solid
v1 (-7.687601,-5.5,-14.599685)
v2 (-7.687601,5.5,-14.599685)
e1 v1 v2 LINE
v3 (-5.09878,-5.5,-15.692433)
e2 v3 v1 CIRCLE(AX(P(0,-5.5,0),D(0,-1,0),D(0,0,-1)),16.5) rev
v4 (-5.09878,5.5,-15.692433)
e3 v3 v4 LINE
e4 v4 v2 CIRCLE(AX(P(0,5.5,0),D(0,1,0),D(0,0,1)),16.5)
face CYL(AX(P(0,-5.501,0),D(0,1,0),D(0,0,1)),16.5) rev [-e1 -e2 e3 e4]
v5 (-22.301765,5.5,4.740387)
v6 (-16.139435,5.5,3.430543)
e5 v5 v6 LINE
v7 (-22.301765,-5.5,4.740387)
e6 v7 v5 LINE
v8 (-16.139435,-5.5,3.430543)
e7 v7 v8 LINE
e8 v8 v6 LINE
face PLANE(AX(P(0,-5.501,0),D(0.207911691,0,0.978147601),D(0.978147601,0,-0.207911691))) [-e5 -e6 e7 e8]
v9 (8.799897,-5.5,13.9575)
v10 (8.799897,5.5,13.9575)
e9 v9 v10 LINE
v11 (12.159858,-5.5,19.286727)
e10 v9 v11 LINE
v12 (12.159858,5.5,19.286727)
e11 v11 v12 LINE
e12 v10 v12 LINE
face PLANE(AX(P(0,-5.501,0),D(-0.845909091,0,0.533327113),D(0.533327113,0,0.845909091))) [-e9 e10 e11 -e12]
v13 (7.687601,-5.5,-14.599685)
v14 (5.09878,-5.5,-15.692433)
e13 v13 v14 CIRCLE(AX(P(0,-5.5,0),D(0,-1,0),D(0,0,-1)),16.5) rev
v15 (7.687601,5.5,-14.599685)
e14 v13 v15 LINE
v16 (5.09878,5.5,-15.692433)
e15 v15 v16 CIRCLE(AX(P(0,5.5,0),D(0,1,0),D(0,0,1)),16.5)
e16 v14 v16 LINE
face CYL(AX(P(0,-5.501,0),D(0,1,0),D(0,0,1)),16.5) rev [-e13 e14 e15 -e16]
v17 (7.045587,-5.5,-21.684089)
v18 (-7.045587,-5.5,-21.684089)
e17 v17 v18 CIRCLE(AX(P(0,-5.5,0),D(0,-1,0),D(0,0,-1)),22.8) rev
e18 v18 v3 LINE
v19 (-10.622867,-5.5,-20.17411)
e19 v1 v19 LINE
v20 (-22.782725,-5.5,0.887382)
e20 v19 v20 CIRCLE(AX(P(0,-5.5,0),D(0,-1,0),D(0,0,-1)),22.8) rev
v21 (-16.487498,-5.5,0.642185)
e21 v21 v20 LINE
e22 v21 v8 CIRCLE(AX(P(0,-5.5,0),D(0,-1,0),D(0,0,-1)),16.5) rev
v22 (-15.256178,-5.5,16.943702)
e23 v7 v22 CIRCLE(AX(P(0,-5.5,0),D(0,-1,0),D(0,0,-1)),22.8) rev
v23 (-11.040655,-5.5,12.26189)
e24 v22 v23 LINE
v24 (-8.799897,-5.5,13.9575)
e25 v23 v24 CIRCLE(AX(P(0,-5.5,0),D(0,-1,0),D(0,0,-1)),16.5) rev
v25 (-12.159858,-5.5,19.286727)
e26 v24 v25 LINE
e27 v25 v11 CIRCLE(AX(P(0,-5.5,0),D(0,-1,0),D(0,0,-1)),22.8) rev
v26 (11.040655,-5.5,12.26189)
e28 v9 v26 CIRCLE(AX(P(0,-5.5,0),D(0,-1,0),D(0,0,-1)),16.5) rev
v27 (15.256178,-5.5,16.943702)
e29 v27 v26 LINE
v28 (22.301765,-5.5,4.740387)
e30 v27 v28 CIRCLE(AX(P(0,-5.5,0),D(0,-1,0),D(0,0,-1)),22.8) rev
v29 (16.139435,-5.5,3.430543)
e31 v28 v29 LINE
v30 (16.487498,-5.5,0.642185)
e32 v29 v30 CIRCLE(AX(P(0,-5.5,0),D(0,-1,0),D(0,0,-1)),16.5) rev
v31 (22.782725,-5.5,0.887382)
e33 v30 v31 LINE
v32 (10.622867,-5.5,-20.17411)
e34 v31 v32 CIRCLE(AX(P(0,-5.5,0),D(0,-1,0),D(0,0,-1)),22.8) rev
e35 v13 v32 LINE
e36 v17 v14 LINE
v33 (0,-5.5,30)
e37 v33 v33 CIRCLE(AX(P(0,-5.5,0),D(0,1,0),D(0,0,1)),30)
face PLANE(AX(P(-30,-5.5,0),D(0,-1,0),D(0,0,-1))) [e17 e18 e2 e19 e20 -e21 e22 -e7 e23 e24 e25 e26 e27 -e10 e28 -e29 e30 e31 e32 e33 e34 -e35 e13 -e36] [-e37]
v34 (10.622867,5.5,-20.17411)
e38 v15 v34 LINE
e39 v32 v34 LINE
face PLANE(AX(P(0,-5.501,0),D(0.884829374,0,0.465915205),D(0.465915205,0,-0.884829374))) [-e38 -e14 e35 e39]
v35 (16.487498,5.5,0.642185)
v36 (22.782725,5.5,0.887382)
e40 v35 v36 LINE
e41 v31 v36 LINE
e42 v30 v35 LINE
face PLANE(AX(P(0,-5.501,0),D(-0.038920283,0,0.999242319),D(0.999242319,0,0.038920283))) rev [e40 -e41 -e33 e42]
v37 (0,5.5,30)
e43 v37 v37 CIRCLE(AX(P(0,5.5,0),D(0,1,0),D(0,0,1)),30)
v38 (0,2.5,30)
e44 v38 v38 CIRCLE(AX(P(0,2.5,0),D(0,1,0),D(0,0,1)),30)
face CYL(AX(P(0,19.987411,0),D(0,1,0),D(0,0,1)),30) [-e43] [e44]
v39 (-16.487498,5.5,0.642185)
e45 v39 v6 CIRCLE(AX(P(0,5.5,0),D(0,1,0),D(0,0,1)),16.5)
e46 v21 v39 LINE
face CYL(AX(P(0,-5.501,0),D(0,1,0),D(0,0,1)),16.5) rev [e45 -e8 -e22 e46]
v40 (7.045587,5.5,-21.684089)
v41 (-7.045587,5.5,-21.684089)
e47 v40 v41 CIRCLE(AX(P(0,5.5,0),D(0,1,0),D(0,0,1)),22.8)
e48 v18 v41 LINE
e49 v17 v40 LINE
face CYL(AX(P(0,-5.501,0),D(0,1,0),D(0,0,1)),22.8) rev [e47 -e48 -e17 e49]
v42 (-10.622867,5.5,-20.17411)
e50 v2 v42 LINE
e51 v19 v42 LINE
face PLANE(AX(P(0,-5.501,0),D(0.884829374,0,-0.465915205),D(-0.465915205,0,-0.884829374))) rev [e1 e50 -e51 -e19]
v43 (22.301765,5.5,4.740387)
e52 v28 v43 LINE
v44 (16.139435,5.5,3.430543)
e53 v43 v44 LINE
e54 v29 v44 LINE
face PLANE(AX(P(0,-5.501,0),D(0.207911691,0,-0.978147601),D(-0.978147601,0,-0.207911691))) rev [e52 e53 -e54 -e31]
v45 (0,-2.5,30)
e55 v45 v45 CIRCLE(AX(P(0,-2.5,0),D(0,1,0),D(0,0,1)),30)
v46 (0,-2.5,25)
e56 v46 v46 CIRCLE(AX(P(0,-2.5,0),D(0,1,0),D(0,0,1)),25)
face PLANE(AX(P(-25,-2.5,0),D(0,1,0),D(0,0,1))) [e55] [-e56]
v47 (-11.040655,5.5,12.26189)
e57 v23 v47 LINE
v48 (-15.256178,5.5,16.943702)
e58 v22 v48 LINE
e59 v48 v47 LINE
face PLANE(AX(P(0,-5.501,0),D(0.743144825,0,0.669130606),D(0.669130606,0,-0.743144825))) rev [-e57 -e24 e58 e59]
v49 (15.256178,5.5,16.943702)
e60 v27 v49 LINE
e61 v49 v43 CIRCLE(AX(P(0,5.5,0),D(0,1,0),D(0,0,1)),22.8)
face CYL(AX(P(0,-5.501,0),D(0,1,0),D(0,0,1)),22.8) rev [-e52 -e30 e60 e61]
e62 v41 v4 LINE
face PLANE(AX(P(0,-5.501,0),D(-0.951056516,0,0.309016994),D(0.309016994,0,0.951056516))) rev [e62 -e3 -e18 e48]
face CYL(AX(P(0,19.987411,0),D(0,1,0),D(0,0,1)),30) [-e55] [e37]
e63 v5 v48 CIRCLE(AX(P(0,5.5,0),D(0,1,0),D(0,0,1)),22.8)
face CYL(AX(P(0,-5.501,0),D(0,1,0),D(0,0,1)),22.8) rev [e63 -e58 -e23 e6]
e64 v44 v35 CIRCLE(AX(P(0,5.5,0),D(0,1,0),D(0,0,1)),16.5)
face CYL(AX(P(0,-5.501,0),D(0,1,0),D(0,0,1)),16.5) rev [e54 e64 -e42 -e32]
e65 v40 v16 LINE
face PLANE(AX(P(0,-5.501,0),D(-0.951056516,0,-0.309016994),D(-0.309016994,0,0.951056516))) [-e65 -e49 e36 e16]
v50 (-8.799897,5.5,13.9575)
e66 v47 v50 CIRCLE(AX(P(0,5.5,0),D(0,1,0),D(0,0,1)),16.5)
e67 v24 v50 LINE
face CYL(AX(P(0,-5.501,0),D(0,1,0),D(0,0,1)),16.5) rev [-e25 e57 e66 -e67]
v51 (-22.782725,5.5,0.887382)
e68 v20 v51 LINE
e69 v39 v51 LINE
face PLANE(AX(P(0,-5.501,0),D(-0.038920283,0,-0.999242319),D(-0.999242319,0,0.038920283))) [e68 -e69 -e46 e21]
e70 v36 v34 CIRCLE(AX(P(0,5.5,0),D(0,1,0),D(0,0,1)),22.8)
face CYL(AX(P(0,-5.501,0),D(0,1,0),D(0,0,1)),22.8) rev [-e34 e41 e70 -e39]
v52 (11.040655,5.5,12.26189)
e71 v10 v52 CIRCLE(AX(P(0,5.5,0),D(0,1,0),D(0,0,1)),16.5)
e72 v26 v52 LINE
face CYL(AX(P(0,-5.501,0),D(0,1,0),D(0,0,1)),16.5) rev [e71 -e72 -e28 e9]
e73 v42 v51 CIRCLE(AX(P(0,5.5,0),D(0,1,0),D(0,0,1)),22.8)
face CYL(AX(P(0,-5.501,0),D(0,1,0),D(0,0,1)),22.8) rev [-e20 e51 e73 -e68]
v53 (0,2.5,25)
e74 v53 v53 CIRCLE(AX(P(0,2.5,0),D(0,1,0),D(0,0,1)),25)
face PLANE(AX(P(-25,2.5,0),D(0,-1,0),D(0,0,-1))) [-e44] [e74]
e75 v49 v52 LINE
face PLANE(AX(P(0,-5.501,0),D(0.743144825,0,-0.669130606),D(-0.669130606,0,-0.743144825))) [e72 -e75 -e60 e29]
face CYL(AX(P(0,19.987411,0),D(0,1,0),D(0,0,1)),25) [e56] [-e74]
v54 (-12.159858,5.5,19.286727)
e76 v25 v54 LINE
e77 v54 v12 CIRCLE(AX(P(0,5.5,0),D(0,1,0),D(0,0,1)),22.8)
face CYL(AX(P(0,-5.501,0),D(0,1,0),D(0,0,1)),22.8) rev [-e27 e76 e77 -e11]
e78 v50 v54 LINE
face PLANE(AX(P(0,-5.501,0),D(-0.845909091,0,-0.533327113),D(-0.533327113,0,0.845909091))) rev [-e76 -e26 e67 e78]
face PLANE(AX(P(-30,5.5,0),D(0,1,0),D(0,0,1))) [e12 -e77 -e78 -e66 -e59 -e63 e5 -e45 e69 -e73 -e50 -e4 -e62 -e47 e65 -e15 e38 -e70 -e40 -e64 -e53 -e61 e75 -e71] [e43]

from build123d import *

# Parameters (mm, degrees)
CUT_EXTRUDE1_REACH = 13


with BuildPart() as part:
    # Sketch2 → Revolve1 (revolve)
    with BuildSketch(Plane.XY):
        Polygon((-25, 2.5), (-25, -2.5), (-30, -2.5), (-30, -5.5), (0, -5.5), (0, 5.5), (-30, 5.5), (-30, 2.5), align=None)
    revolve(axis=Axis((0, 19.987411147, 0), (0, -1, 0)))

    # Sketch3 → Cut-Extrude1 (cut, up to next)
    with BuildSketch(Plane(origin=(0, 5.5, 0), x_dir=(1, 0, 0), z_dir=(0, 1, 0)), mode=Mode.PRIVATE) as cut_extrude1_sk1:
        with BuildLine():
            ThreePointArc((15.256177825, -16.943702021), (19.745379206, -11.4), (22.301765297, -4.740386551))
            Line((22.301765297, -4.740386551), (16.139435412, -3.430542898))
            ThreePointArc((16.139435412, -3.430542898), (16.372933017, -2.043786781), (16.487498259, -0.642184674))
            Line((16.487498259, -0.642184674), (22.782724867, -0.887382459))
            ThreePointArc((22.782724867, -0.887382459), (19.745379206, 11.4), (10.622866681, 20.174109732))
            Line((10.622866681, 20.174109732), (7.687600888, 14.599684674))
            ThreePointArc((7.687600888, 14.599684674), (6.416495236, 15.201269318), (5.098780407, 15.692432519))
            Line((5.098780407, 15.692432519), (7.045587472, 21.684088572))
            ThreePointArc((7.045587472, 21.684088572), (0, 22.8), (-7.045587472, 21.684088572))
            Line((-7.045587472, 21.684088572), (-5.098780407, 15.692432519))
            ThreePointArc((-5.098780407, 15.692432519), (-6.416495236, 15.201269318), (-7.687600888, 14.599684674))
            Line((-7.687600888, 14.599684674), (-10.622866681, 20.174109732))
            ThreePointArc((-10.622866681, 20.174109732), (-19.745379206, 11.4), (-22.782724867, -0.887382459))
            Line((-22.782724867, -0.887382459), (-16.487498259, -0.642184674))
            ThreePointArc((-16.487498259, -0.642184674), (-16.372933017, -2.043786781), (-16.139435412, -3.430542898))
            Line((-16.139435412, -3.430542898), (-22.301765297, -4.740386551))
            ThreePointArc((-22.301765297, -4.740386551), (-19.745379206, -11.4), (-15.256177825, -16.943702021))
            Line((-15.256177825, -16.943702021), (-11.040655005, -12.26188962))
            ThreePointArc((-11.040655005, -12.26188962), (-9.956437781, -13.157482537), (-8.799897372, -13.9575))
            Line((-8.799897372, -13.9575), (-12.159858186, -19.286727273))
            ThreePointArc((-12.159858186, -19.286727273), (0, -22.8), (12.159858186, -19.286727273))
            Line((12.159858186, -19.286727273), (8.799897372, -13.9575))
            ThreePointArc((8.799897372, -13.9575), (9.956437781, -13.157482537), (11.040655005, -12.26188962))
            Line((11.040655005, -12.26188962), (15.256177825, -16.943702021))
        make_face()
    cut_extrude1_tool1 = extrude(cut_extrude1_sk1.sketch, amount=-CUT_EXTRUDE1_REACH, mode=Mode.PRIVATE) & part.part
    add(cut_extrude1_tool1.solids().sort_by_distance((0, 5.5, 0))[0], mode=Mode.SUBTRACT)


solid = part.part
